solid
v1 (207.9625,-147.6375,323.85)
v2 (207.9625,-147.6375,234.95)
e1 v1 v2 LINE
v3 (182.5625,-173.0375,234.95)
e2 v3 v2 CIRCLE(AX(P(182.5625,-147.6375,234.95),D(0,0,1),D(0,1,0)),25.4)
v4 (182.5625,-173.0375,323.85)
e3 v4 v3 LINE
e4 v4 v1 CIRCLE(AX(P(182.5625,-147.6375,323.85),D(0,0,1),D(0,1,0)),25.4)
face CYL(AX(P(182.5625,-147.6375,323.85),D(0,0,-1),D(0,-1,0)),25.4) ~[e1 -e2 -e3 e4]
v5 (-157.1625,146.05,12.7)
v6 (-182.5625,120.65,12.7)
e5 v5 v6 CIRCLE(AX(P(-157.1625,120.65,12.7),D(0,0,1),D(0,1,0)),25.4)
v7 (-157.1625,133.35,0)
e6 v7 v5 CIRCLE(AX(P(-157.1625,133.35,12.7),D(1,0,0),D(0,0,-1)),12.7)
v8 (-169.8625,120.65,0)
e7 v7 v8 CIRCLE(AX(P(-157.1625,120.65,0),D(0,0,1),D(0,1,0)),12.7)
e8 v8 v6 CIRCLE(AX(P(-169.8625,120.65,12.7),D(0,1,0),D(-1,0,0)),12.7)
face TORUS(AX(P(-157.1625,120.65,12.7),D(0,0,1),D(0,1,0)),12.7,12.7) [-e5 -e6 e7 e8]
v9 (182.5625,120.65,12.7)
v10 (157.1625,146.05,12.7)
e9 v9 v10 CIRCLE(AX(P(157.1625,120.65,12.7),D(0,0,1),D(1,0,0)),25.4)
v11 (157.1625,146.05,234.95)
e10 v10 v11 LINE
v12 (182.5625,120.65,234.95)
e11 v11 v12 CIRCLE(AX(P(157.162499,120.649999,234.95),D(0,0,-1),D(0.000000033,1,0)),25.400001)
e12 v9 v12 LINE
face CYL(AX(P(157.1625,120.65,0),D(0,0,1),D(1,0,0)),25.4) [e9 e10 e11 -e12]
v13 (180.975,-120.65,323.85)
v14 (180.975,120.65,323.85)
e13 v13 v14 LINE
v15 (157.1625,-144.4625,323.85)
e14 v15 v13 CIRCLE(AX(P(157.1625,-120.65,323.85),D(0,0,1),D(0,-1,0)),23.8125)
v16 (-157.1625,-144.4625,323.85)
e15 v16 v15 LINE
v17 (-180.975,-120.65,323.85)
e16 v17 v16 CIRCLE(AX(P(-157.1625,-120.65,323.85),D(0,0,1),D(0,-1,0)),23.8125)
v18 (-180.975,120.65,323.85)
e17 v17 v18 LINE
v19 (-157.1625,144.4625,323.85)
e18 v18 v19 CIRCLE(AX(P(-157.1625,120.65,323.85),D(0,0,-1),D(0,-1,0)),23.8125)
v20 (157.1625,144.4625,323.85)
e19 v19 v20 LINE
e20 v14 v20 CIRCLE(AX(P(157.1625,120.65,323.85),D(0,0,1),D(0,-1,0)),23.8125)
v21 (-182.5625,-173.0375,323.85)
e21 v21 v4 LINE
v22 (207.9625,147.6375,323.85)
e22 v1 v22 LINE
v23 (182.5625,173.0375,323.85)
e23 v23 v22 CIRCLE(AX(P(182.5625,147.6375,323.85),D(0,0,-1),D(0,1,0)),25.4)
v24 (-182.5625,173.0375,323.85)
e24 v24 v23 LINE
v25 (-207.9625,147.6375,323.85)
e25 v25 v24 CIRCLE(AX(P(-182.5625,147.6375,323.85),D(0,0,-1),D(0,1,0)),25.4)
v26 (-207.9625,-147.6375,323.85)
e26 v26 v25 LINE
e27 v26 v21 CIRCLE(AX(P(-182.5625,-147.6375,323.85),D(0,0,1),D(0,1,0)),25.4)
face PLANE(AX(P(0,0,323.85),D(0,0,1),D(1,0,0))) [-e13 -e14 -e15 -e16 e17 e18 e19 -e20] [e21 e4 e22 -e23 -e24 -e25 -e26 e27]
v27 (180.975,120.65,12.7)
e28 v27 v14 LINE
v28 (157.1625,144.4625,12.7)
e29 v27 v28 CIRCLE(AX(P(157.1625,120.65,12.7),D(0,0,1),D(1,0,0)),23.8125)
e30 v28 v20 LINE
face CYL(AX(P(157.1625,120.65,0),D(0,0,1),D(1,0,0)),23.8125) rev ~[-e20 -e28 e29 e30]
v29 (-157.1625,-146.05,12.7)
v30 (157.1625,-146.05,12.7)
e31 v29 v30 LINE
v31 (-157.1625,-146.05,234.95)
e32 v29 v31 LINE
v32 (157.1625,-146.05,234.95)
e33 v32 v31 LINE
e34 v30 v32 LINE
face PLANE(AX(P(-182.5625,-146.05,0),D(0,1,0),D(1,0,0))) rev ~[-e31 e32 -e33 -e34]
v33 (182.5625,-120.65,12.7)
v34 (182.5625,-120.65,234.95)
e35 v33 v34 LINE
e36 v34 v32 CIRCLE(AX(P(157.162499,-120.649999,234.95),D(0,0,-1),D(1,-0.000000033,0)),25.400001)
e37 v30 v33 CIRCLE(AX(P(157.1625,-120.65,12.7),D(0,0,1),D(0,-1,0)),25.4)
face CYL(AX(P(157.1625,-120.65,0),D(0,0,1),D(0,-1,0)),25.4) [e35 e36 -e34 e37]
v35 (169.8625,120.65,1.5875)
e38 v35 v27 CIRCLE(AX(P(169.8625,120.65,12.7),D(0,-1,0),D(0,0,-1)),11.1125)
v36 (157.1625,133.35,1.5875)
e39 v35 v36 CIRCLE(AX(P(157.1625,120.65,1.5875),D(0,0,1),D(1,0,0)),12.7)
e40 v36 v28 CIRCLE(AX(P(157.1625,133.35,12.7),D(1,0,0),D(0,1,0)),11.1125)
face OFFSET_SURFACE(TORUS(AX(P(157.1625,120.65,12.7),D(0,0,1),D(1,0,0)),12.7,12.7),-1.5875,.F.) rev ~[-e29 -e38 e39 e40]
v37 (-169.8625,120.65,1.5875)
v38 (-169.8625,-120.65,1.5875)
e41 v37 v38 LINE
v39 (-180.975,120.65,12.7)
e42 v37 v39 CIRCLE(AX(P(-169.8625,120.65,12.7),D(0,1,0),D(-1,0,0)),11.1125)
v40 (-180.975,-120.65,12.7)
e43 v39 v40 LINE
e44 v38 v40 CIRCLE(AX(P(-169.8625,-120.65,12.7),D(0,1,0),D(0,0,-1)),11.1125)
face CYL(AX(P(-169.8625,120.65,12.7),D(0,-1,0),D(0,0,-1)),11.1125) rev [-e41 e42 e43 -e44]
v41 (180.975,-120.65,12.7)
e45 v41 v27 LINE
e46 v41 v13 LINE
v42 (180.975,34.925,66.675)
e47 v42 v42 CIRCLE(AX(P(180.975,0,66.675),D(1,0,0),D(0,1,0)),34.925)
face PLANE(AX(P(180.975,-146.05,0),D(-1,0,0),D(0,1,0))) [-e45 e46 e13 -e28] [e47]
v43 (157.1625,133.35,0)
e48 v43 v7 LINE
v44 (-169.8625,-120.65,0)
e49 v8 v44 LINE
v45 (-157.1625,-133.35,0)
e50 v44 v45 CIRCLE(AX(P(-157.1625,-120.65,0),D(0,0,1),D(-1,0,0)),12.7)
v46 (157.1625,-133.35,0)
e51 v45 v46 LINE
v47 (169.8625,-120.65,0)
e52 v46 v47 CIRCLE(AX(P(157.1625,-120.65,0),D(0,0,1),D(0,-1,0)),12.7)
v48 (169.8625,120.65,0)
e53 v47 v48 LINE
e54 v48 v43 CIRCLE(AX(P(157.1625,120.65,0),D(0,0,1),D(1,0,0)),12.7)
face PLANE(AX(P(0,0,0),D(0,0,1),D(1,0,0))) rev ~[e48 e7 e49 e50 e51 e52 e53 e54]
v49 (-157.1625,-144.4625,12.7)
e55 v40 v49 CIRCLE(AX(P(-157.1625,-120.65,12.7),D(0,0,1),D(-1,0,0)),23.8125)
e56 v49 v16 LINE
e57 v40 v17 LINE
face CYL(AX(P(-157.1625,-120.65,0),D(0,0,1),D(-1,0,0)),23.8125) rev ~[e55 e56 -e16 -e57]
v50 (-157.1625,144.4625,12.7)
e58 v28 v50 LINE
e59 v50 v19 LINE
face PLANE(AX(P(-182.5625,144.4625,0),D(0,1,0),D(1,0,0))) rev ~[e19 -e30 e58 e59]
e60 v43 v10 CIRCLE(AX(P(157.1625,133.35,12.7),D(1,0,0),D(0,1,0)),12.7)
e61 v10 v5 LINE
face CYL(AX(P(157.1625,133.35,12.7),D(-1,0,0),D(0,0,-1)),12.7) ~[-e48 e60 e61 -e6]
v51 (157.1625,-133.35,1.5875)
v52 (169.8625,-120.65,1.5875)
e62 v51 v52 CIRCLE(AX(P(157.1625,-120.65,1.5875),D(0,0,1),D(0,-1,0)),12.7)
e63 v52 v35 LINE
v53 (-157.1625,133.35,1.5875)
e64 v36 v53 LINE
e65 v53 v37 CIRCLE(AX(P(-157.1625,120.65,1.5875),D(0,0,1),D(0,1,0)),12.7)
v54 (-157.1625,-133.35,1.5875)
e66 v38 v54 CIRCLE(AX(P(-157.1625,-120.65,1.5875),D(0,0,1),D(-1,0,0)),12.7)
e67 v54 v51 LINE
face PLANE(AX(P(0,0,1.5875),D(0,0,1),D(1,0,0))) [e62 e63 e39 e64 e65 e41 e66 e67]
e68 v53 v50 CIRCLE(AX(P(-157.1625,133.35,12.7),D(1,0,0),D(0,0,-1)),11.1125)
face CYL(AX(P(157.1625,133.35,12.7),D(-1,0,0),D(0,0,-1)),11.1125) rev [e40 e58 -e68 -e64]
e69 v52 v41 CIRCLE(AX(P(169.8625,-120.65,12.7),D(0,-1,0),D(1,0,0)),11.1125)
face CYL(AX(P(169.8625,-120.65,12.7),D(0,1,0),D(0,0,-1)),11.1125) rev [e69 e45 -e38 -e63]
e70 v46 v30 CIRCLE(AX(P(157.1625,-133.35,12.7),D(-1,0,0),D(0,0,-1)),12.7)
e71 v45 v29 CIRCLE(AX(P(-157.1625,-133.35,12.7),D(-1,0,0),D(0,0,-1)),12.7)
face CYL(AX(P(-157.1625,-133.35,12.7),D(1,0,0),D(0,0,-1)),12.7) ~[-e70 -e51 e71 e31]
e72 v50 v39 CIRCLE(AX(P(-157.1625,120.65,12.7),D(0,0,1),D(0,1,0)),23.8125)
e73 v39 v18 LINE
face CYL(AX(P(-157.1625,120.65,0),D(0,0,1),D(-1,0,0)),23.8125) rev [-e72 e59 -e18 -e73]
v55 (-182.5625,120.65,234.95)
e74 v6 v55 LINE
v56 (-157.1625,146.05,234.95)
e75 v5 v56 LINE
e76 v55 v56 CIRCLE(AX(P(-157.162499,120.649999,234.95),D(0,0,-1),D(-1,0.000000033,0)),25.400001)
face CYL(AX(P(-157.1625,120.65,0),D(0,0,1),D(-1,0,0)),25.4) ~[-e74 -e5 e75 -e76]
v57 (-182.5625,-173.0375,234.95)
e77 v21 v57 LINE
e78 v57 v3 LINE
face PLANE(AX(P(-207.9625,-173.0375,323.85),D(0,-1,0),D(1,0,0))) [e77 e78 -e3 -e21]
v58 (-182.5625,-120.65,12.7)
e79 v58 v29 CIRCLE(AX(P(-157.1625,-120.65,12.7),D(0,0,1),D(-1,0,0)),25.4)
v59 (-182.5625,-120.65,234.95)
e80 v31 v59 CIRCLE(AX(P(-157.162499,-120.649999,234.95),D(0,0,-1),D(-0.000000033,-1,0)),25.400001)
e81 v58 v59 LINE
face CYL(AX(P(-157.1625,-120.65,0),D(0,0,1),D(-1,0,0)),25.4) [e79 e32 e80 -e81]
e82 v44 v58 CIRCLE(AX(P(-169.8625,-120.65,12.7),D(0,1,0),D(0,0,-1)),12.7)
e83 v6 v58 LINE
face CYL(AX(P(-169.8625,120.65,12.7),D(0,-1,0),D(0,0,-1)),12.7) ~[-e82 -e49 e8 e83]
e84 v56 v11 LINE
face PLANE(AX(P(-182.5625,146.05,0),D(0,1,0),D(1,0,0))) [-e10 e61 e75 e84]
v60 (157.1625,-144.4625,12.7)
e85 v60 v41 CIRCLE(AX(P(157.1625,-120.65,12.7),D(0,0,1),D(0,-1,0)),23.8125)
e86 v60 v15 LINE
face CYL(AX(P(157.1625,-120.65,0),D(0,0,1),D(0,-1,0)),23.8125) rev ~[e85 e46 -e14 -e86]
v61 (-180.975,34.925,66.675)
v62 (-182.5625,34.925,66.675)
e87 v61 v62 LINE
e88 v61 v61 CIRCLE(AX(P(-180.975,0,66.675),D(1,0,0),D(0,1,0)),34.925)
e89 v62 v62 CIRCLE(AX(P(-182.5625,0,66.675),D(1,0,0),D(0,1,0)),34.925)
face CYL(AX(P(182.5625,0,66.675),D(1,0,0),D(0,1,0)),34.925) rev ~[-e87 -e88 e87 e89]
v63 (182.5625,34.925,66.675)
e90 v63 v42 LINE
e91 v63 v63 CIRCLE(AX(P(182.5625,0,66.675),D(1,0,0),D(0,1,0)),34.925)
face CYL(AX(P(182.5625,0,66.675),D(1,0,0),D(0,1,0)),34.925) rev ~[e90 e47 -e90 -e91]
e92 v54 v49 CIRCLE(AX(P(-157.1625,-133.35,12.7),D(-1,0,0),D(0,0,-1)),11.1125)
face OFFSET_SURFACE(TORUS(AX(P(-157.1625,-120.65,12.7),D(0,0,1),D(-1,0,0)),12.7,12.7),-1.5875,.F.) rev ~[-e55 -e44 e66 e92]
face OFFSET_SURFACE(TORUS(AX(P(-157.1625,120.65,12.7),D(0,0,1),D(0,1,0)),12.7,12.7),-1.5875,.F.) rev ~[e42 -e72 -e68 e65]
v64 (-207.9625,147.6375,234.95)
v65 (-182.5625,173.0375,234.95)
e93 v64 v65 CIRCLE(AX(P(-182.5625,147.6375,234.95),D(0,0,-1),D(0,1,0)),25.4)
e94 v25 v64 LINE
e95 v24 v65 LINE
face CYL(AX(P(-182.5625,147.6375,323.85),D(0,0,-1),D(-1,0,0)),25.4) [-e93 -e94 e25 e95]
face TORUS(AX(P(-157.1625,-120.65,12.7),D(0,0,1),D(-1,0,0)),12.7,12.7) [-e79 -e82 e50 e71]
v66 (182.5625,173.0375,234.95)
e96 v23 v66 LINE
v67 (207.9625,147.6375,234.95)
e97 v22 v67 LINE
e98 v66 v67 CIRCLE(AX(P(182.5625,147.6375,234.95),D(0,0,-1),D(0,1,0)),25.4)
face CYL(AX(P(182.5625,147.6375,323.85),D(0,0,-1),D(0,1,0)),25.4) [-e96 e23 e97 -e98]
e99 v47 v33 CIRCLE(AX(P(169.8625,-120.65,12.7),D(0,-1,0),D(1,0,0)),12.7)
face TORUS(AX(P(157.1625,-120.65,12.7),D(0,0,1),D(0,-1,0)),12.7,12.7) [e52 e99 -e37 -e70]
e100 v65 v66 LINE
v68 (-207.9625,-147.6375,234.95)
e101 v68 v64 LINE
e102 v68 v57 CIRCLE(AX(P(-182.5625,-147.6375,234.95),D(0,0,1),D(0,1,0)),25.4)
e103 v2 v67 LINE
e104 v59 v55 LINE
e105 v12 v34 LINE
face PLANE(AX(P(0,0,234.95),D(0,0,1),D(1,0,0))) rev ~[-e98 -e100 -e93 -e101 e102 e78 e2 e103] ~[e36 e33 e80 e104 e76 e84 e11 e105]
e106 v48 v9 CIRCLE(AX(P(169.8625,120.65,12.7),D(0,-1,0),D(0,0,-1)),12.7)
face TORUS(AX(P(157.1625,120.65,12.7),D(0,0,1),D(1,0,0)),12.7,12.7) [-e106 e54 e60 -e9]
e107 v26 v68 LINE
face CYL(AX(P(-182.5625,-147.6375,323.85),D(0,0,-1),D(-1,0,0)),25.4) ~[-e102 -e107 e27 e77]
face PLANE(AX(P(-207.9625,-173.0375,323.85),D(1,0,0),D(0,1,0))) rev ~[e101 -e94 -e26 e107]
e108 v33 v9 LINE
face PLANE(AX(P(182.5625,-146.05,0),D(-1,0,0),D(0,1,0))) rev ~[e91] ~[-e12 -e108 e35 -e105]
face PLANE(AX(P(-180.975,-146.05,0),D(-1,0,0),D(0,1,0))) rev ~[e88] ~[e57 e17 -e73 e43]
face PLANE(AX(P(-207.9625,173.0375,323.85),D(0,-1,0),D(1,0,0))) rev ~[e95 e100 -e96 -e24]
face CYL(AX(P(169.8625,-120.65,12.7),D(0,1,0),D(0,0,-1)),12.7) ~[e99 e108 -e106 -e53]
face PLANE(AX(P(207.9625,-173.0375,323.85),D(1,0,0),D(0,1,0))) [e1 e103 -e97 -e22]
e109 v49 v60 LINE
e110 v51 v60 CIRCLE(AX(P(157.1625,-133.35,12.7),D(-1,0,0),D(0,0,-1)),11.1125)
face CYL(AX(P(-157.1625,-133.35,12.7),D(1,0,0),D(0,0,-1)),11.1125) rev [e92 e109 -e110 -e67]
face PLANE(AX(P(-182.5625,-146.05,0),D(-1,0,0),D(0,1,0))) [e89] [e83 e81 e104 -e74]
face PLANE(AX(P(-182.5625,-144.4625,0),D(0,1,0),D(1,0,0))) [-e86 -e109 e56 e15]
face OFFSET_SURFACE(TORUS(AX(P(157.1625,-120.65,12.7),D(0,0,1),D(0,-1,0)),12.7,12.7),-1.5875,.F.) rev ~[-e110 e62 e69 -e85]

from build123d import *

# Parameters (mm, degrees)
F0_W     = 365.125
F0_H     = 292.1
F1_DEPTH = 323.85
F2_R     = 25.4
F3_R     = 12.7
F4_T     = -1.5875
F5_R     = 34.925
F6_DEPTH = 365.126
F7_W     = 415.925
F7_H     = 346.075
F8_DEPTH = 88.9
F9_R     = 25.4


with BuildPart() as f1:
    # F0 (on Top) → F1 (new body)
    with BuildSketch(Plane.XY):
        Rectangle(F0_W, F0_H)
    extrude(amount=F1_DEPTH)

    # F2
    f2_edges = [f1.edges().sort_by_distance(p)[0] for p in [
        (-182.5625, -146.05, 161.925),
        (182.5625, -146.05, 161.925),
        (182.5625, 146.05, 161.925),
        (-182.5625, 146.05, 161.925),
    ]]
    fillet(f2_edges, radius=F2_R)

    # F3
    f3_edges = [f1.edges().sort_by_distance(p)[0] for p in [
        (0, -146.05, 0),
    ]]
    fillet(f3_edges, radius=F3_R)

    # F4
    f4_openings = [f1.faces().sort_by_distance(p)[0] for p in [
        (0, 0, 323.85),
    ]]
    offset(amount=F4_T, openings=f4_openings)

    # F5 (on face) → F6 (cut, through all)
    with BuildSketch(Plane.YZ.offset(182.5625)):
        with Locations((0, 66.675)):
            Circle(F5_R)
    extrude(amount=-F6_DEPTH, mode=Mode.SUBTRACT)

    # F7 (on face) → F8 (join)
    with BuildSketch(Plane.XY.offset(323.85)):
        Rectangle(F7_W, F7_H)
        with BuildLine():
            Line((-182.5625, -120.65), (-182.5625, 120.65))
            ThreePointArc((-182.5625, 120.65), (-175.123012, 138.610512), (-157.1625, 146.05))
            Line((-157.1625, 146.05), (157.1625, 146.05))
            ThreePointArc((157.1625, 146.05), (175.123012, 138.610512), (182.5625, 120.65))
            Line((182.5625, 120.65), (182.5625, -120.65))
            ThreePointArc((182.5625, -120.65), (175.123012, -138.610512), (157.1625, -146.05))
            Line((157.1625, -146.05), (-157.1625, -146.05))
            ThreePointArc((-157.1625, -146.05), (-175.123012, -138.610512), (-182.5625, -120.65))
        make_face(mode=Mode.SUBTRACT)
    extrude(amount=-F8_DEPTH)

    # F9
    f9_edges = [f1.edges().sort_by_distance(p)[0] for p in [
        (-207.9625, -173.0375, 279.4),
        (207.9625, -173.0375, 279.4),
        (207.9625, 173.0375, 279.4),
        (-207.9625, 173.0375, 279.4),
    ]]
    fillet(f9_edges, radius=F9_R)


solid = f1.part
